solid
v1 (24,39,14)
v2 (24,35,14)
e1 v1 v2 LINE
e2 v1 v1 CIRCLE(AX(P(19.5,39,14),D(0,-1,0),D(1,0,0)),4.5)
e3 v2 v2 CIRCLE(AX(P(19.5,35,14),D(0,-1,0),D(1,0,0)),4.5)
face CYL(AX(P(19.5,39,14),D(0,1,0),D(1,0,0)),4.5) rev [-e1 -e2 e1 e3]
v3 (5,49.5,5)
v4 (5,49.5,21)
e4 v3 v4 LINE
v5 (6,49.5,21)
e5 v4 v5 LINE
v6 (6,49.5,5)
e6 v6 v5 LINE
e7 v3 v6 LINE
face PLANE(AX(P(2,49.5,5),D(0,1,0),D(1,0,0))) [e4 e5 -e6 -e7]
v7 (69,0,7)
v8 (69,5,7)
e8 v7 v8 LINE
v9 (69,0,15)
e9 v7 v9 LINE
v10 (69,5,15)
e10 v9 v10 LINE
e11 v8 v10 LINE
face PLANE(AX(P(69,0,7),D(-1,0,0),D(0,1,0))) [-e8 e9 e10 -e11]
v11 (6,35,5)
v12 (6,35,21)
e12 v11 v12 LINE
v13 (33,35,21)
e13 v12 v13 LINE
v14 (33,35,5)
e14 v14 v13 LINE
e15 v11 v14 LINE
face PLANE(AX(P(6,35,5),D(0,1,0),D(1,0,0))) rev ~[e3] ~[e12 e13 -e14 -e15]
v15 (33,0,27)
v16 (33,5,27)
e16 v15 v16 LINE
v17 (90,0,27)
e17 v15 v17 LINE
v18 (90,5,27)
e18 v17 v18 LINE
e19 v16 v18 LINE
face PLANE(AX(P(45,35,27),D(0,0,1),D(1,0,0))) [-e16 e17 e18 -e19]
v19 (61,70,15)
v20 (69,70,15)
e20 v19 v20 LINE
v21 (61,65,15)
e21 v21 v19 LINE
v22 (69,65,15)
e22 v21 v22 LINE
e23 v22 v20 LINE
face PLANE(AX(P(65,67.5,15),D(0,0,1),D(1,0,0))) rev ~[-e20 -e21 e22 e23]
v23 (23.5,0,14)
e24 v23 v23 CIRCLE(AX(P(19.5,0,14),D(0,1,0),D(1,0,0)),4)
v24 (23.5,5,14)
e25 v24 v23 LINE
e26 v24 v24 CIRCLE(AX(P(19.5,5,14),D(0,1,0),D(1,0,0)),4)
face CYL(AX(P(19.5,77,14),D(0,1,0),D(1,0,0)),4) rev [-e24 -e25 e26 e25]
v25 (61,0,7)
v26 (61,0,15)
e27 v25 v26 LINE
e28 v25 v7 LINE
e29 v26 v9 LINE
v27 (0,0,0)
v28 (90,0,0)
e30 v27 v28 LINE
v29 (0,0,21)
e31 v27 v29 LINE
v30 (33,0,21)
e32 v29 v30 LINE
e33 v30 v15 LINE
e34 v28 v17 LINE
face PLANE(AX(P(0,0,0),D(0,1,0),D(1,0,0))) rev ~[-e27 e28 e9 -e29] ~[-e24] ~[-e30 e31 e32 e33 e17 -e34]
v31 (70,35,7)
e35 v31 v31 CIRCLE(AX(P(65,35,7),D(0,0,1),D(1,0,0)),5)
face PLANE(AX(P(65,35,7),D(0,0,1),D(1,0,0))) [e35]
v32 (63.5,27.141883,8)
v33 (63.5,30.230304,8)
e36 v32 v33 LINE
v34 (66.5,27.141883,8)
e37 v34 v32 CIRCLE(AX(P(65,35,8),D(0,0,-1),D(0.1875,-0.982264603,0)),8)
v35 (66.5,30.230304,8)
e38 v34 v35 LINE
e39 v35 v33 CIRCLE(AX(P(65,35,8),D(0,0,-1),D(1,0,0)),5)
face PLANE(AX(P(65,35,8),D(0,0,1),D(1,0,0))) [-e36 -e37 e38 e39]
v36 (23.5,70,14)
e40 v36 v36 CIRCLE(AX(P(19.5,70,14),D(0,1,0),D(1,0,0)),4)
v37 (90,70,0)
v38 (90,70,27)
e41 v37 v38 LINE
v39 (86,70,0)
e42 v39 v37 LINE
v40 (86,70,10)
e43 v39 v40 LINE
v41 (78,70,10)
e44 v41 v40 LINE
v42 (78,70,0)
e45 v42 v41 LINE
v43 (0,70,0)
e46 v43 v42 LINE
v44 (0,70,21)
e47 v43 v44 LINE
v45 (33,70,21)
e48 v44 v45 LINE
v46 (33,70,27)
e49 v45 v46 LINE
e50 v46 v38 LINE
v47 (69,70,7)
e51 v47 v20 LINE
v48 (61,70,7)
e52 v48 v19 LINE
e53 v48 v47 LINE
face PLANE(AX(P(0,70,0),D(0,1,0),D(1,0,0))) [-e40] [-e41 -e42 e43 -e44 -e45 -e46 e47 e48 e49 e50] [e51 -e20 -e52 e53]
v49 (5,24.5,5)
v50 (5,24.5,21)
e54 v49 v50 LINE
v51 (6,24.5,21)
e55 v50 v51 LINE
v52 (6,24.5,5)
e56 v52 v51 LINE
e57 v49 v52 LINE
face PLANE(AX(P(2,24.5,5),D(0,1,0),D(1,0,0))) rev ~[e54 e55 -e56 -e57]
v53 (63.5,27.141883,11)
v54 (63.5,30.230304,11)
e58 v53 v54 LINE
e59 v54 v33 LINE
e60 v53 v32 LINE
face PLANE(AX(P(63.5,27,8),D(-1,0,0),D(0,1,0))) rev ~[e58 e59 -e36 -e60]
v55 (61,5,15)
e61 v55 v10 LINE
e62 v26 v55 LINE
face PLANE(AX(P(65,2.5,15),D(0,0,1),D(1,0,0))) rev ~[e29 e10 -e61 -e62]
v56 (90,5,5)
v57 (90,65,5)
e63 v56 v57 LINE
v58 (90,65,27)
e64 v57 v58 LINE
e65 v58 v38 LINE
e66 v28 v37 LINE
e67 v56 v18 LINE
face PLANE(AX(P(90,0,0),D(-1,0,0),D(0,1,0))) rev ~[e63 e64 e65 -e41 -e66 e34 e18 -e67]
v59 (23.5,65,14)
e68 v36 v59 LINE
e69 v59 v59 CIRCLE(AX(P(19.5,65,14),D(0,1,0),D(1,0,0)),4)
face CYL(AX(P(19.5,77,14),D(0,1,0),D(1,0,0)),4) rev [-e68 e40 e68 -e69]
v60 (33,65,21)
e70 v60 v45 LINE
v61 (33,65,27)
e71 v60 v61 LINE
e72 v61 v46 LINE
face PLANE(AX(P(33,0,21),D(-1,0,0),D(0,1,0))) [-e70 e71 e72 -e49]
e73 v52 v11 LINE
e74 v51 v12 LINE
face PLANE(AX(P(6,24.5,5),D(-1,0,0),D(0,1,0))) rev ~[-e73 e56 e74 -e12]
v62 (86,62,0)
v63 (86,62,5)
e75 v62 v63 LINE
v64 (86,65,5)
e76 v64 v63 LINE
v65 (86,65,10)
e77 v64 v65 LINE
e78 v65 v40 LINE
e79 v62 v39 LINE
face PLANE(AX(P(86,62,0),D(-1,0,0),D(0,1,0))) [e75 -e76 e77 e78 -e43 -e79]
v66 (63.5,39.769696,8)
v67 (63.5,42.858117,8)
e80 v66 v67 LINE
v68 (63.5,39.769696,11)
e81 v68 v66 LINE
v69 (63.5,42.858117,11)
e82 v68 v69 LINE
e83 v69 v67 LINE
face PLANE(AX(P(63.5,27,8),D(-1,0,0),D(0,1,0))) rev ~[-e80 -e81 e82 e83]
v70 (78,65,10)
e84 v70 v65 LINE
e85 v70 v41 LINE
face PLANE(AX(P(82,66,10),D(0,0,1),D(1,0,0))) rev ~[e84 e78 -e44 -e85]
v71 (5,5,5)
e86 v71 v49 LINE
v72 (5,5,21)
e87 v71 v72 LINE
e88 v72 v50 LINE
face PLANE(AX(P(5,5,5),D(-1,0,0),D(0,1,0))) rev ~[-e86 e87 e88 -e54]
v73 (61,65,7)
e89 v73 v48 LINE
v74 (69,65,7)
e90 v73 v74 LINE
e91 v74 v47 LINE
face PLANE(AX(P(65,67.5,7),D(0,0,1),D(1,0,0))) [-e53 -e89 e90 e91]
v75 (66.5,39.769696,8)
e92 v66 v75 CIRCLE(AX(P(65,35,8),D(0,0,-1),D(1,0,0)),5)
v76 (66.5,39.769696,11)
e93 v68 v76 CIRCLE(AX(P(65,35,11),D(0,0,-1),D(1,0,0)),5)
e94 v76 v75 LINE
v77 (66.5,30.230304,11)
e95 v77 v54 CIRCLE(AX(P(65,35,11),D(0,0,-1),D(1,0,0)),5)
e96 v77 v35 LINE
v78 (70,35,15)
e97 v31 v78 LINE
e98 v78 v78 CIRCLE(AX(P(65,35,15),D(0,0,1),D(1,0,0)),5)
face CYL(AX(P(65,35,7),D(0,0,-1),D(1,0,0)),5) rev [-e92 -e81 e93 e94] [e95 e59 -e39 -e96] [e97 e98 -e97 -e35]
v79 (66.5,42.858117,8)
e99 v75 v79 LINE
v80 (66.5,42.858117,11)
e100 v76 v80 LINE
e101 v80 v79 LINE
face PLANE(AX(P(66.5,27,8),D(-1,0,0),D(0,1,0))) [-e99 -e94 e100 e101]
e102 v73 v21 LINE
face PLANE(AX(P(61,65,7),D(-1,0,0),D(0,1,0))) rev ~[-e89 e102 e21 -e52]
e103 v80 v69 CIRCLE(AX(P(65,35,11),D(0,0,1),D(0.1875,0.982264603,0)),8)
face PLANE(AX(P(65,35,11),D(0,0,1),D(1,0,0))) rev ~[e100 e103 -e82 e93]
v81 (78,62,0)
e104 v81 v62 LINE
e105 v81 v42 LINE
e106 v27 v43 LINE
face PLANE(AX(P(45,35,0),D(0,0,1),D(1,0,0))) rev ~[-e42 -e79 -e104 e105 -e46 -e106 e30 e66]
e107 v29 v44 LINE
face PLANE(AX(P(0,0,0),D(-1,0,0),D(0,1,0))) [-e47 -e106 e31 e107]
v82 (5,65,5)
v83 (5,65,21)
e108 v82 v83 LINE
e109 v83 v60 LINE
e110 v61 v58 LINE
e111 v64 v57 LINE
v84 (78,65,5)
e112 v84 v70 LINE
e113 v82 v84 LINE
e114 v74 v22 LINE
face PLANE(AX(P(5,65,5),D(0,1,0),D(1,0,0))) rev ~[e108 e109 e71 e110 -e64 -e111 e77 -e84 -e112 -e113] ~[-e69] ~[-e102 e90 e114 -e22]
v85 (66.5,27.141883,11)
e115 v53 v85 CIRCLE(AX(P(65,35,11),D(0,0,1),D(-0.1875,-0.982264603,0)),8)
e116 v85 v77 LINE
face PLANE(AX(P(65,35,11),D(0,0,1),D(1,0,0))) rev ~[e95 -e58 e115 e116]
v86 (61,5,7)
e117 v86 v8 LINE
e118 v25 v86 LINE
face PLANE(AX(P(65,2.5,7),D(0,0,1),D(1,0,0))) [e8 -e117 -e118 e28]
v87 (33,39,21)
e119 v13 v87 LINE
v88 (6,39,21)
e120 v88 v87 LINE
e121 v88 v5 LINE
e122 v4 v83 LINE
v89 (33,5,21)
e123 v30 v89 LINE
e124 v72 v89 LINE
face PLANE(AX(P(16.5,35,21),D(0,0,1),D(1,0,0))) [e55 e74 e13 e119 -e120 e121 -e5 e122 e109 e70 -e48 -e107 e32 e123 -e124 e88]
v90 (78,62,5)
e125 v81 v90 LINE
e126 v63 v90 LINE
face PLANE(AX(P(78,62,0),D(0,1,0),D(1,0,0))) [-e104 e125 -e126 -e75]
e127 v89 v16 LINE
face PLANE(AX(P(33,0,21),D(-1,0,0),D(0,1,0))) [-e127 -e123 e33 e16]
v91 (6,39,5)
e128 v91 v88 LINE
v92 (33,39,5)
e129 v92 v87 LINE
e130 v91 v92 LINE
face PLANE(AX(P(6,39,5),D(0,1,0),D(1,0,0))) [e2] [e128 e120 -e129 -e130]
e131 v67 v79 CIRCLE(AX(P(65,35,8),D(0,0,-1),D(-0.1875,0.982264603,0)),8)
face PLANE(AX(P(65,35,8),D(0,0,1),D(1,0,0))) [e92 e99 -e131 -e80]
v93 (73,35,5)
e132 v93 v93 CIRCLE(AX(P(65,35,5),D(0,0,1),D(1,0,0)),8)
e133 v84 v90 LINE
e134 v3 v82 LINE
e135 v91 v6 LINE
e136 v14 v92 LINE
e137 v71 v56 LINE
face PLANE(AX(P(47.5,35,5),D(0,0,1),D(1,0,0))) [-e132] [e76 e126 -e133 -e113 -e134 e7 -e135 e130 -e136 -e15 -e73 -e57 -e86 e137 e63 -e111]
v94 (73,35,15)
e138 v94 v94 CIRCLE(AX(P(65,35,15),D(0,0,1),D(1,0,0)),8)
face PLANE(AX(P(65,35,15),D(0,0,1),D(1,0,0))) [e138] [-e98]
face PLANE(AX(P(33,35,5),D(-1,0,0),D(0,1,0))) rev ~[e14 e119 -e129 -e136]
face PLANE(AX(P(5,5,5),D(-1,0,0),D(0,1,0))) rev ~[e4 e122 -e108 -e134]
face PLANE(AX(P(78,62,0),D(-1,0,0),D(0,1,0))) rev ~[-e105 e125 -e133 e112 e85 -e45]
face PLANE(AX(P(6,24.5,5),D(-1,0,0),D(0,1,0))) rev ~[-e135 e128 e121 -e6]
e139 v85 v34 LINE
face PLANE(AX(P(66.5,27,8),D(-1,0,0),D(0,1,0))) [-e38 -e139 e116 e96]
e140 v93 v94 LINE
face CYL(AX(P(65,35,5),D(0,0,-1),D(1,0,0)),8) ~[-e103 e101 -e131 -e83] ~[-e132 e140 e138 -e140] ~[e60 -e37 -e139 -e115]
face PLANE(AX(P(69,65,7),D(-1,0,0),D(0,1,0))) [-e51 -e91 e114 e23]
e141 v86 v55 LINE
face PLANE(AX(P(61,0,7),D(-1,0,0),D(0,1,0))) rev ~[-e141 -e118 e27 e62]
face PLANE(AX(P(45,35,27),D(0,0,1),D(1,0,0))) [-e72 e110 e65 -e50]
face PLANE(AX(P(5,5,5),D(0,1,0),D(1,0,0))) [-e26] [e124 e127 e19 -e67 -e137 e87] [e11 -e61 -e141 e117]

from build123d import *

# Parameters (mm, degrees)
BOX020_W          = 33
BOX020_H          = 70
BOX020_DEPTH      = 6
CYLINDER002_R     = 4.5
CYLINDER002_DEPTH = 4
BOX004_W          = 27
BOX004_H          = 4
BOX004_DEPTH      = 18
BOX005_W          = 4
BOX005_H          = 25
BOX005_DEPTH      = 18
BOX001_W          = 85
BOX001_H          = 60
BOX001_DEPTH      = 22
BOX008_W          = 8
BOX008_H          = 8
BOX008_DEPTH      = 10
BOX015_W          = 8
BOX015_H          = 5
BOX015_DEPTH      = 8
BOX016_W          = 8
BOX016_H          = 5
BOX016_DEPTH      = 8
CYLINDER_R        = 4
CYLINDER_DEPTH    = 84
BOX_W             = 90
BOX_H             = 70
BOX_DEPTH         = 27
CYLINDER005_R     = 5
CYLINDER005_DEPTH = 8
BOX009_W          = 3
BOX009_H          = 16
BOX009_DEPTH      = 3
CYLINDER004_R     = 8
CYLINDER004_DEPTH = 10


with BuildPart() as bottompedalhingecutout:
    # Box020 → Box020 (new body)
    with BuildSketch(Plane.XY.offset(21)):
        with Locations((16.5, 35)):
            Rectangle(BOX020_W, BOX020_H)
    extrude(amount=BOX020_DEPTH)


with BuildPart() as potentiometermountinghole:
    # Cylinder002 → Cylinder002 (new body)
    with BuildSketch(Plane(origin=(19.5, 39, 14), x_dir=(1, 0, 0), z_dir=(0, -1, 0))):
        Circle(CYLINDER002_R)
    extrude(amount=CYLINDER002_DEPTH)


with BuildPart() as potentiometerplate:
    # Box004 → Box004 (new body)
    with BuildSketch(Plane(origin=(6, 35, 5), x_dir=(1, 0, 0), z_dir=(0, 0, 1))):
        with Locations((13.5, 2)):
            Rectangle(BOX004_W, BOX004_H)
    extrude(amount=BOX004_DEPTH)


with BuildPart() as potentiometermount:
    # Box005 → Box005 (new body)
    with BuildSketch(Plane(origin=(2, 24.5, 5), x_dir=(1, 0, 0), z_dir=(0, 0, 1))):
        with Locations((2, 12.5)):
            Rectangle(BOX005_W, BOX005_H)
    extrude(amount=BOX005_DEPTH)

    # Fusion002: union PotentiometerPlate
    add(potentiometerplate.part)

    # Cut002: cut PotentiometerMountingHole
    add(potentiometermountinghole.part, mode=Mode.SUBTRACT)


with BuildPart() as bottompedalinsidebody:
    # Box001 → Box001 (new body)
    with BuildSketch(Plane(origin=(5, 5, 5), x_dir=(1, 0, 0), z_dir=(0, 0, 1))):
        with Locations((42.5, 30)):
            Rectangle(BOX001_W, BOX001_H)
    extrude(amount=BOX001_DEPTH)


with BuildPart() as wireholecutout:
    # Box008 → Box008 (new body)
    with BuildSketch(Plane(origin=(78, 62, 0), x_dir=(1, 0, 0), z_dir=(0, 0, 1))):
        with Locations((4, 4)):
            Rectangle(BOX008_W, BOX008_H)
    extrude(amount=BOX008_DEPTH)


with BuildPart() as bottomspringsplitpinhole1:
    # Box015 → Box015 (new body)
    with BuildSketch(Plane(origin=(61, 65, 7), x_dir=(1, 0, 0), z_dir=(0, 0, 1))):
        with Locations((4, 2.5)):
            Rectangle(BOX015_W, BOX015_H)
    extrude(amount=BOX015_DEPTH)


with BuildPart() as bottomspringsplitpinhole2:
    # Box016 → Box016 (new body)
    with BuildSketch(Plane(origin=(61, 0, 7), x_dir=(1, 0, 0), z_dir=(0, 0, 1))):
        with Locations((4, 2.5)):
            Rectangle(BOX016_W, BOX016_H)
    extrude(amount=BOX016_DEPTH)


with BuildPart() as bottompedalcutout:
    # Cylinder → Cylinder (new body)
    with BuildSketch(Plane(origin=(19.5, 77, 14), x_dir=(1, 0, 0), z_dir=(0, -1, 0))):
        Circle(CYLINDER_R)
    extrude(amount=CYLINDER_DEPTH)

    # Fusion: union BottomPedalInsideBody, WireHoleCutOut, BottomSpringSplitPinHole1, BottomSpringSplitPinHole2
    add(bottompedalinsidebody.part)
    add(wireholecutout.part)
    add(bottomspringsplitpinhole1.part)
    add(bottomspringsplitpinhole2.part)


with BuildPart() as pedalbodybottom:
    # Box → Box (new body)
    with BuildSketch(Plane.XY):
        with Locations((45, 35)):
            Rectangle(BOX_W, BOX_H)
    extrude(amount=BOX_DEPTH)

    # Cut: cut BottomPedalCutout
    add(bottompedalcutout.part, mode=Mode.SUBTRACT)


with BuildPart() as bottomspringholeinner:
    # Cylinder005 → Cylinder005 (new body)
    with BuildSketch(Plane(origin=(65, 35, 7), x_dir=(1, 0, 0), z_dir=(0, 0, 1))):
        Circle(CYLINDER005_R)
    extrude(amount=CYLINDER005_DEPTH)


with BuildPart() as bottomspringholecutout:
    # Box009 → Box009 (new body)
    with BuildSketch(Plane(origin=(63.5, 27, 8), x_dir=(1, 0, 0), z_dir=(0, 0, 1))):
        with Locations((1.5, 8)):
            Rectangle(BOX009_W, BOX009_H)
    extrude(amount=BOX009_DEPTH)

    # Fusion004: union BottomSpringHoleInner
    add(bottomspringholeinner.part)


with BuildPart() as bottompedal:
    # Cylinder004 → Cylinder004 (new body)
    with BuildSketch(Plane(origin=(65, 35, 5), x_dir=(1, 0, 0), z_dir=(0, 0, 1))):
        Circle(CYLINDER004_R)
    extrude(amount=CYLINDER004_DEPTH)

    # Cut004: cut BottomSpringHoleCutout
    add(bottomspringholecutout.part, mode=Mode.SUBTRACT)

    # Fusion007: union PotentiometerMount, PedalBodyBottom
    add(potentiometermount.part)
    add(pedalbodybottom.part)

    # Cut008: cut BottomPedalHingeCutout
    add(bottompedalhingecutout.part, mode=Mode.SUBTRACT)


solid = bottompedal.part
